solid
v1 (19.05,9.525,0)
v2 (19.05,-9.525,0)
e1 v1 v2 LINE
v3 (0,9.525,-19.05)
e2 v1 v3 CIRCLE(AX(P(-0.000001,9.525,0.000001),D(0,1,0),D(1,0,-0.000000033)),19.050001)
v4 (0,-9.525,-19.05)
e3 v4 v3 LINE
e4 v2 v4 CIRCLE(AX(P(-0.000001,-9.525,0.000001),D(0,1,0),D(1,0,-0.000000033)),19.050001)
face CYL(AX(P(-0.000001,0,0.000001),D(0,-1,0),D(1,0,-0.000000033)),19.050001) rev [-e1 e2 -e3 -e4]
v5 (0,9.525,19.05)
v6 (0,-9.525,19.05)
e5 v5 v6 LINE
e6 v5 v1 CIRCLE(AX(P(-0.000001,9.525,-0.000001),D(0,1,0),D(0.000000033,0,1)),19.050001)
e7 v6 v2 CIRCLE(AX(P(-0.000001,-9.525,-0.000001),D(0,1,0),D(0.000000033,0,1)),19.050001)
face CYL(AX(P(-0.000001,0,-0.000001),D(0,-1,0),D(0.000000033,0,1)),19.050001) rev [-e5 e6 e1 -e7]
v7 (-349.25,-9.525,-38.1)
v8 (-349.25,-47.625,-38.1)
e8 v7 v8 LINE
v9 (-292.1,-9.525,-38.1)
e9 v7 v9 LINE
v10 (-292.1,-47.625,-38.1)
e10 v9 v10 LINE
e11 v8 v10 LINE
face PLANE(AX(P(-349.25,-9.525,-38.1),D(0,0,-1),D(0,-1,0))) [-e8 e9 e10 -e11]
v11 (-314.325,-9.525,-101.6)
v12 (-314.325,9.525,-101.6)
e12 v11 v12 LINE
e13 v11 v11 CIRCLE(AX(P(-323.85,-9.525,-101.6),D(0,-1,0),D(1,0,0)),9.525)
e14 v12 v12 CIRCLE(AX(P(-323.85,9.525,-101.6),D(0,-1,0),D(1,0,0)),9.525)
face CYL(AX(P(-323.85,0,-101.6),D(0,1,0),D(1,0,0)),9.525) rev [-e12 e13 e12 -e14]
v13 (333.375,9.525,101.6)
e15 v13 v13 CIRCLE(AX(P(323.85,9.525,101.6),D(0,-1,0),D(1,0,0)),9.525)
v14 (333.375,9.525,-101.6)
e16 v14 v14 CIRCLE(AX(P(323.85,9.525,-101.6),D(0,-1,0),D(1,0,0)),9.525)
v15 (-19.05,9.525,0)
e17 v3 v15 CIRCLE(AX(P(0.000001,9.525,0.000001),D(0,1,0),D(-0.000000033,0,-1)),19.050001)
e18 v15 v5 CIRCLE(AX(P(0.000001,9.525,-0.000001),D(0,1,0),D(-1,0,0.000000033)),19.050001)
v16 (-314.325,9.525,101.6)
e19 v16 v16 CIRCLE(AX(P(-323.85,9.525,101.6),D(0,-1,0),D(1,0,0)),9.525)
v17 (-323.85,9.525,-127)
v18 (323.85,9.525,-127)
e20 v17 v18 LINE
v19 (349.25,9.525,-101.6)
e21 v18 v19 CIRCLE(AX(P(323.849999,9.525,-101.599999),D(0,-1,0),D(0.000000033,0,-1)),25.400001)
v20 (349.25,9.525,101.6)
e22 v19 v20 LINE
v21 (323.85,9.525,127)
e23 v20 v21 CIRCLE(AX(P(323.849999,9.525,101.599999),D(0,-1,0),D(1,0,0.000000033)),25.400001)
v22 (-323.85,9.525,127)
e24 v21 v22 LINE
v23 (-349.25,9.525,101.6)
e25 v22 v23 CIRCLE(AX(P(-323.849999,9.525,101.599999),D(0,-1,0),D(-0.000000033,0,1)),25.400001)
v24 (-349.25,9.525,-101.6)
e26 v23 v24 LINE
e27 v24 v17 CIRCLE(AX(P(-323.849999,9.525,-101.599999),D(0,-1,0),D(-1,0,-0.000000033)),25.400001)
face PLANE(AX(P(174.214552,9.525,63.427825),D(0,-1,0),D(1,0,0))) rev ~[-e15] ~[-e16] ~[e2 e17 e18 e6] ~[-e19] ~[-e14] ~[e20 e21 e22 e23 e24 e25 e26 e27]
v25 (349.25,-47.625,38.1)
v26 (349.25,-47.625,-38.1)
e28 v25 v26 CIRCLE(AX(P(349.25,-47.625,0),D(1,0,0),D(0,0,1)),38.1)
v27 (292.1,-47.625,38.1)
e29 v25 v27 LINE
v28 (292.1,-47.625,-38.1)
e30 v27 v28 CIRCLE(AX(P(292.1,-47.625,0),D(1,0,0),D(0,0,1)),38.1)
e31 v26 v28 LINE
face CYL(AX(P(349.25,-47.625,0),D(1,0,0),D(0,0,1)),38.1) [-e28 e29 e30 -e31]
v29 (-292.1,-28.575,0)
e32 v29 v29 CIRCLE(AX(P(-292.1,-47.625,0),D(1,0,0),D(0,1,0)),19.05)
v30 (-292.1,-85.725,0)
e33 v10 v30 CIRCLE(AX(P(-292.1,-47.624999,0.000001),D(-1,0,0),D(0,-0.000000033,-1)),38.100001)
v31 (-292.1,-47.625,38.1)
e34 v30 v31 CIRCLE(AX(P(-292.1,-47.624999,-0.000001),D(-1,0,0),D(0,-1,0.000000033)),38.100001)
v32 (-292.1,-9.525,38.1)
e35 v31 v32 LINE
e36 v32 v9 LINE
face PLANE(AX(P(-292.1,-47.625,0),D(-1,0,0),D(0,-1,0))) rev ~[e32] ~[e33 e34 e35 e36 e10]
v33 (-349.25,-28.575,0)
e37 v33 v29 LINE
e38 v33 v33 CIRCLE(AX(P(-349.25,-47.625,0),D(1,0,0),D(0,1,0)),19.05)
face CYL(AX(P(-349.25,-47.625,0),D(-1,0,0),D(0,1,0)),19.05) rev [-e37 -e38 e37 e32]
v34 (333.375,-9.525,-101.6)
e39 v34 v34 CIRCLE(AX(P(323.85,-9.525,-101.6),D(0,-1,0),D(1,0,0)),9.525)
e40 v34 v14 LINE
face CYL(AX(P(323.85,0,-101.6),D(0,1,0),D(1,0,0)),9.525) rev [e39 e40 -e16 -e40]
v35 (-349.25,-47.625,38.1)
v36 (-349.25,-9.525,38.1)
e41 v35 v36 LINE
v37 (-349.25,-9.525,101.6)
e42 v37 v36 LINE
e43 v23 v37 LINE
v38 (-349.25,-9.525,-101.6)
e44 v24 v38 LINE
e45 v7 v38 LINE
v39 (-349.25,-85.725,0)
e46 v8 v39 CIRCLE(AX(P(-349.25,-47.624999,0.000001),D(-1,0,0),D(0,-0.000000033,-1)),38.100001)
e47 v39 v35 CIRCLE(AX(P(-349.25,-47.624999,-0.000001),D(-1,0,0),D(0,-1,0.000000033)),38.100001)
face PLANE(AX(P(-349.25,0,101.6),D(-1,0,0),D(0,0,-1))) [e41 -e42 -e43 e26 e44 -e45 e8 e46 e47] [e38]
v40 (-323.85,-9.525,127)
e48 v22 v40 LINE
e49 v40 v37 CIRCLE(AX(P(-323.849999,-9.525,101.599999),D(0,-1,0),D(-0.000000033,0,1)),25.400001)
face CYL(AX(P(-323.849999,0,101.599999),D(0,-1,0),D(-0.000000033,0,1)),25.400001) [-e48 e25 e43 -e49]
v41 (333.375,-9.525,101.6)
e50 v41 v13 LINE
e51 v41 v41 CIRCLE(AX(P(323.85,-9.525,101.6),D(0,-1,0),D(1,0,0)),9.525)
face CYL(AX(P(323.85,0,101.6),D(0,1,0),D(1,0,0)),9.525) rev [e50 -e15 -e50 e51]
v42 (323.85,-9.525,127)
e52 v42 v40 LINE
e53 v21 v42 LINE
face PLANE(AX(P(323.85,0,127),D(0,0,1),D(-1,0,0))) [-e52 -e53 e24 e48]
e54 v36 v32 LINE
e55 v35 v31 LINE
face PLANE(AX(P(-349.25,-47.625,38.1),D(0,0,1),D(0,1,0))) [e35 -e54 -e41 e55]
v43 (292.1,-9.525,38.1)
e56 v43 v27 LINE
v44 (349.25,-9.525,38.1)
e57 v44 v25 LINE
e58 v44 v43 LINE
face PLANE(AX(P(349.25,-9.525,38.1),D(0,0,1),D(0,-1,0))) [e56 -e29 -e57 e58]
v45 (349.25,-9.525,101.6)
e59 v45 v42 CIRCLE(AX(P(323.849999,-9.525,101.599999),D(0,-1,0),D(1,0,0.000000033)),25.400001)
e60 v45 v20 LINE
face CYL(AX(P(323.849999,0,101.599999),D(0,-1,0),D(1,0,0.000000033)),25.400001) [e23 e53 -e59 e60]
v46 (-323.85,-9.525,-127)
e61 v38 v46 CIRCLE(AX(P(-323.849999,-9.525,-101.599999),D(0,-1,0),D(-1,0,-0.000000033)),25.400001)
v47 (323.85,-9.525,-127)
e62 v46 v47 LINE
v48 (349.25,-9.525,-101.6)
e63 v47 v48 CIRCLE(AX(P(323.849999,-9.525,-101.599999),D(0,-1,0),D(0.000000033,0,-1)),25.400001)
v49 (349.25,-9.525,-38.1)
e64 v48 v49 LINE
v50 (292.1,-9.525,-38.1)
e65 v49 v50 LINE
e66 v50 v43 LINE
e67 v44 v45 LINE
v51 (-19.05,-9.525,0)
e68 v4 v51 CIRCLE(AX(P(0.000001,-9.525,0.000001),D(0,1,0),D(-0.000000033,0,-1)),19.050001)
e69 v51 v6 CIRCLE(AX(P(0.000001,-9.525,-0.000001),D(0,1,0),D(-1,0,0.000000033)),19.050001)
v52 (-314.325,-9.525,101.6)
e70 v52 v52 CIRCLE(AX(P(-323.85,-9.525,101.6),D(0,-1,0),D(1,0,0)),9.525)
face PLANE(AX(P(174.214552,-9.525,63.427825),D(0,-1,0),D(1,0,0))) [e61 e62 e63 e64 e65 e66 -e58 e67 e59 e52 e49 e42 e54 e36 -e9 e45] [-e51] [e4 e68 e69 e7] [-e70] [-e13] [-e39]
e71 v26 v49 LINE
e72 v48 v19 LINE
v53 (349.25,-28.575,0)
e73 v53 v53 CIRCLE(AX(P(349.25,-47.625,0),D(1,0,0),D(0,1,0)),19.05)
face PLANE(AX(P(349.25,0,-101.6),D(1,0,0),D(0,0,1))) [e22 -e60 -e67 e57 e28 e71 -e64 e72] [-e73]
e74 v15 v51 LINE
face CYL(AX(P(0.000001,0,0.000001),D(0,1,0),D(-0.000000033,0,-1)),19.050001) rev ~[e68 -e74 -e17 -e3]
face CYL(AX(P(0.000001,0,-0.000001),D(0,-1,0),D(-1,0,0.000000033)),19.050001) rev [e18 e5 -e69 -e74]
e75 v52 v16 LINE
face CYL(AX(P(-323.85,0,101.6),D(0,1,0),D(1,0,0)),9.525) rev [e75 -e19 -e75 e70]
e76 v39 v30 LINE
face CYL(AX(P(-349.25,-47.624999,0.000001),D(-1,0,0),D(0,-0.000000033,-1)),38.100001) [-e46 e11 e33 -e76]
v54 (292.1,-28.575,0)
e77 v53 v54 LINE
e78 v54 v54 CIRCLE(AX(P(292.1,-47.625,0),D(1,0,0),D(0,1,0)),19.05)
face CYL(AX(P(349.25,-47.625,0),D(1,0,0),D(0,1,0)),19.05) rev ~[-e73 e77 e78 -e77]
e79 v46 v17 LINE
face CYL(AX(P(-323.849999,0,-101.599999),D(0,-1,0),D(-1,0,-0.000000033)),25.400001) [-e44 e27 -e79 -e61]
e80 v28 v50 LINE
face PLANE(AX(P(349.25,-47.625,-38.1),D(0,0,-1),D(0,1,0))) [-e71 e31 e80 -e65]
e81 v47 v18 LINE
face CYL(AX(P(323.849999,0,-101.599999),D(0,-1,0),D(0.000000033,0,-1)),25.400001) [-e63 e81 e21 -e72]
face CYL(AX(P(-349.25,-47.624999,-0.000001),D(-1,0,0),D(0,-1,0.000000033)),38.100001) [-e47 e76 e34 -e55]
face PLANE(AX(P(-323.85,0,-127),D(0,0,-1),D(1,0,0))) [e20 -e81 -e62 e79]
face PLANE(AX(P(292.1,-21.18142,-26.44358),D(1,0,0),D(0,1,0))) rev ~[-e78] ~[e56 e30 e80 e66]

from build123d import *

# Parameters (mm, degrees)
F0_R     = 9.525
F1_DEPTH = 9.525
F3_R     = 19.05
F4_DEPTH = 57.15
F7_DEPTH = 57.15


with BuildPart() as f1:
    # F0 (on Front) → F1 (new body, symmetric)
    with BuildSketch(Plane.XZ):
        with BuildLine():
            Line((19.05, 0), (349.25, 0))
            Line((349.25, 0), (349.25, 101.6))
            ThreePointArc((349.25, 101.6), (341.810512, 119.560512), (323.85, 127))
            Line((323.85, 127), (0, 127))
            Line((0, 127), (0, 19.05))
            ThreePointArc((0, 19.05), (13.470384, 13.470384), (19.05, 0))
        make_face()
        with Locations((323.85, 101.6)):
            Circle(F0_R, mode=Mode.SUBTRACT)
        with BuildLine():
            Line((-349.25, 0), (-19.05, 0))
            ThreePointArc((-19.05, 0), (-13.470384, 13.470384), (0, 19.05))
            Line((0, 19.05), (0, 127))
            Line((0, 127), (-323.85, 127))
            ThreePointArc((-323.85, 127), (-341.810512, 119.560512), (-349.25, 101.6))
            Line((-349.25, 101.6), (-349.25, 0))
        make_face()
        with Locations((-323.85, 101.6)):
            Circle(F0_R, mode=Mode.SUBTRACT)
        with BuildLine():
            Line((-323.85, -127), (0, -127))
            Line((0, -127), (0, -19.05))
            ThreePointArc((0, -19.05), (-13.470384, -13.470384), (-19.05, 0))
            Line((-19.05, 0), (-349.25, 0))
            Line((-349.25, 0), (-349.25, -101.6))
            ThreePointArc((-349.25, -101.6), (-341.810512, -119.560512), (-323.85, -127))
        make_face()
        with Locations((-323.85, -101.6)):
            Circle(F0_R, mode=Mode.SUBTRACT)
        with BuildLine():
            Line((0, -127), (323.85, -127))
            ThreePointArc((323.85, -127), (341.810512, -119.560512), (349.25, -101.6))
            Line((349.25, -101.6), (349.25, 0))
            Line((349.25, 0), (19.05, 0))
            ThreePointArc((19.05, 0), (13.470384, -13.470384), (0, -19.05))
            Line((0, -19.05), (0, -127))
        make_face()
        with Locations((323.85, -101.6)):
            Circle(F0_R, mode=Mode.SUBTRACT)
    extrude(amount=F1_DEPTH, both=True)

    # F3 (on offset) → F4 (join)
    with BuildSketch(Plane.YZ.offset(349.25)):
        with BuildLine():
            Line((-47.625, -38.1), (-9.525, -38.1))
            Line((-9.525, -38.1), (-9.525, 0))
            ThreePointArc((-9.525, 0), (-20.684232, -26.940768), (-47.625, -38.1))
        make_face()
        with BuildLine():
            ThreePointArc((-47.625, 38.1), (-20.684232, 26.940768), (-9.525, 0))
            Line((-9.525, 0), (-9.525, 38.1))
            Line((-9.525, 38.1), (-47.625, 38.1))
        make_face()
        with Locations((-47.625, 0)):
            Circle(F3_R)
        with BuildLine():
            ThreePointArc((-47.625, -38.1), (-20.684232, -26.940768), (-9.525, 0))
            ThreePointArc((-9.525, 0), (-20.684232, 26.940768), (-47.625, 38.1))
            ThreePointArc((-47.625, 38.1), (-85.725, 0), (-47.625, -38.1))
        make_face()
        with Locations((-47.625, 0)):
            Circle(F3_R, mode=Mode.SUBTRACT)
    extrude(amount=-F4_DEPTH)

    # F6 (on offset) → F7 (join)
    with BuildSketch(Plane(origin=(-349.25, 0, 0), x_dir=(0, -1, 0), z_dir=(-1, 0, 0))):
        with BuildLine():
            ThreePointArc((47.625, 38.1), (20.684232, 26.940768), (9.525, 0))
            ThreePointArc((9.525, 0), (20.684232, -26.940768), (47.625, -38.1))
            ThreePointArc((47.625, -38.1), (74.565768, -26.940768), (85.725, 0))
            ThreePointArc((85.725, 0), (74.565768, 26.940768), (47.625, 38.1))
        make_face()
        with BuildLine():
            ThreePointArc((66.675, 0), (47.625, -19.05), (28.575, 0))
            ThreePointArc((28.575, 0), (47.625, 19.05), (66.675, 0))
        make_face(mode=Mode.SUBTRACT)
        with BuildLine():
            Line((9.525, 38.1), (9.525, 0))
            ThreePointArc((9.525, 0), (20.684232, 26.940768), (47.625, 38.1))
            Line((47.625, 38.1), (9.525, 38.1))
        make_face()
        with BuildLine():
            Line((9.525, 0), (9.525, -38.1))
            Line((9.525, -38.1), (47.625, -38.1))
            ThreePointArc((47.625, -38.1), (20.684232, -26.940768), (9.525, 0))
        make_face()
    extrude(amount=-F7_DEPTH)


solid = f1.part
